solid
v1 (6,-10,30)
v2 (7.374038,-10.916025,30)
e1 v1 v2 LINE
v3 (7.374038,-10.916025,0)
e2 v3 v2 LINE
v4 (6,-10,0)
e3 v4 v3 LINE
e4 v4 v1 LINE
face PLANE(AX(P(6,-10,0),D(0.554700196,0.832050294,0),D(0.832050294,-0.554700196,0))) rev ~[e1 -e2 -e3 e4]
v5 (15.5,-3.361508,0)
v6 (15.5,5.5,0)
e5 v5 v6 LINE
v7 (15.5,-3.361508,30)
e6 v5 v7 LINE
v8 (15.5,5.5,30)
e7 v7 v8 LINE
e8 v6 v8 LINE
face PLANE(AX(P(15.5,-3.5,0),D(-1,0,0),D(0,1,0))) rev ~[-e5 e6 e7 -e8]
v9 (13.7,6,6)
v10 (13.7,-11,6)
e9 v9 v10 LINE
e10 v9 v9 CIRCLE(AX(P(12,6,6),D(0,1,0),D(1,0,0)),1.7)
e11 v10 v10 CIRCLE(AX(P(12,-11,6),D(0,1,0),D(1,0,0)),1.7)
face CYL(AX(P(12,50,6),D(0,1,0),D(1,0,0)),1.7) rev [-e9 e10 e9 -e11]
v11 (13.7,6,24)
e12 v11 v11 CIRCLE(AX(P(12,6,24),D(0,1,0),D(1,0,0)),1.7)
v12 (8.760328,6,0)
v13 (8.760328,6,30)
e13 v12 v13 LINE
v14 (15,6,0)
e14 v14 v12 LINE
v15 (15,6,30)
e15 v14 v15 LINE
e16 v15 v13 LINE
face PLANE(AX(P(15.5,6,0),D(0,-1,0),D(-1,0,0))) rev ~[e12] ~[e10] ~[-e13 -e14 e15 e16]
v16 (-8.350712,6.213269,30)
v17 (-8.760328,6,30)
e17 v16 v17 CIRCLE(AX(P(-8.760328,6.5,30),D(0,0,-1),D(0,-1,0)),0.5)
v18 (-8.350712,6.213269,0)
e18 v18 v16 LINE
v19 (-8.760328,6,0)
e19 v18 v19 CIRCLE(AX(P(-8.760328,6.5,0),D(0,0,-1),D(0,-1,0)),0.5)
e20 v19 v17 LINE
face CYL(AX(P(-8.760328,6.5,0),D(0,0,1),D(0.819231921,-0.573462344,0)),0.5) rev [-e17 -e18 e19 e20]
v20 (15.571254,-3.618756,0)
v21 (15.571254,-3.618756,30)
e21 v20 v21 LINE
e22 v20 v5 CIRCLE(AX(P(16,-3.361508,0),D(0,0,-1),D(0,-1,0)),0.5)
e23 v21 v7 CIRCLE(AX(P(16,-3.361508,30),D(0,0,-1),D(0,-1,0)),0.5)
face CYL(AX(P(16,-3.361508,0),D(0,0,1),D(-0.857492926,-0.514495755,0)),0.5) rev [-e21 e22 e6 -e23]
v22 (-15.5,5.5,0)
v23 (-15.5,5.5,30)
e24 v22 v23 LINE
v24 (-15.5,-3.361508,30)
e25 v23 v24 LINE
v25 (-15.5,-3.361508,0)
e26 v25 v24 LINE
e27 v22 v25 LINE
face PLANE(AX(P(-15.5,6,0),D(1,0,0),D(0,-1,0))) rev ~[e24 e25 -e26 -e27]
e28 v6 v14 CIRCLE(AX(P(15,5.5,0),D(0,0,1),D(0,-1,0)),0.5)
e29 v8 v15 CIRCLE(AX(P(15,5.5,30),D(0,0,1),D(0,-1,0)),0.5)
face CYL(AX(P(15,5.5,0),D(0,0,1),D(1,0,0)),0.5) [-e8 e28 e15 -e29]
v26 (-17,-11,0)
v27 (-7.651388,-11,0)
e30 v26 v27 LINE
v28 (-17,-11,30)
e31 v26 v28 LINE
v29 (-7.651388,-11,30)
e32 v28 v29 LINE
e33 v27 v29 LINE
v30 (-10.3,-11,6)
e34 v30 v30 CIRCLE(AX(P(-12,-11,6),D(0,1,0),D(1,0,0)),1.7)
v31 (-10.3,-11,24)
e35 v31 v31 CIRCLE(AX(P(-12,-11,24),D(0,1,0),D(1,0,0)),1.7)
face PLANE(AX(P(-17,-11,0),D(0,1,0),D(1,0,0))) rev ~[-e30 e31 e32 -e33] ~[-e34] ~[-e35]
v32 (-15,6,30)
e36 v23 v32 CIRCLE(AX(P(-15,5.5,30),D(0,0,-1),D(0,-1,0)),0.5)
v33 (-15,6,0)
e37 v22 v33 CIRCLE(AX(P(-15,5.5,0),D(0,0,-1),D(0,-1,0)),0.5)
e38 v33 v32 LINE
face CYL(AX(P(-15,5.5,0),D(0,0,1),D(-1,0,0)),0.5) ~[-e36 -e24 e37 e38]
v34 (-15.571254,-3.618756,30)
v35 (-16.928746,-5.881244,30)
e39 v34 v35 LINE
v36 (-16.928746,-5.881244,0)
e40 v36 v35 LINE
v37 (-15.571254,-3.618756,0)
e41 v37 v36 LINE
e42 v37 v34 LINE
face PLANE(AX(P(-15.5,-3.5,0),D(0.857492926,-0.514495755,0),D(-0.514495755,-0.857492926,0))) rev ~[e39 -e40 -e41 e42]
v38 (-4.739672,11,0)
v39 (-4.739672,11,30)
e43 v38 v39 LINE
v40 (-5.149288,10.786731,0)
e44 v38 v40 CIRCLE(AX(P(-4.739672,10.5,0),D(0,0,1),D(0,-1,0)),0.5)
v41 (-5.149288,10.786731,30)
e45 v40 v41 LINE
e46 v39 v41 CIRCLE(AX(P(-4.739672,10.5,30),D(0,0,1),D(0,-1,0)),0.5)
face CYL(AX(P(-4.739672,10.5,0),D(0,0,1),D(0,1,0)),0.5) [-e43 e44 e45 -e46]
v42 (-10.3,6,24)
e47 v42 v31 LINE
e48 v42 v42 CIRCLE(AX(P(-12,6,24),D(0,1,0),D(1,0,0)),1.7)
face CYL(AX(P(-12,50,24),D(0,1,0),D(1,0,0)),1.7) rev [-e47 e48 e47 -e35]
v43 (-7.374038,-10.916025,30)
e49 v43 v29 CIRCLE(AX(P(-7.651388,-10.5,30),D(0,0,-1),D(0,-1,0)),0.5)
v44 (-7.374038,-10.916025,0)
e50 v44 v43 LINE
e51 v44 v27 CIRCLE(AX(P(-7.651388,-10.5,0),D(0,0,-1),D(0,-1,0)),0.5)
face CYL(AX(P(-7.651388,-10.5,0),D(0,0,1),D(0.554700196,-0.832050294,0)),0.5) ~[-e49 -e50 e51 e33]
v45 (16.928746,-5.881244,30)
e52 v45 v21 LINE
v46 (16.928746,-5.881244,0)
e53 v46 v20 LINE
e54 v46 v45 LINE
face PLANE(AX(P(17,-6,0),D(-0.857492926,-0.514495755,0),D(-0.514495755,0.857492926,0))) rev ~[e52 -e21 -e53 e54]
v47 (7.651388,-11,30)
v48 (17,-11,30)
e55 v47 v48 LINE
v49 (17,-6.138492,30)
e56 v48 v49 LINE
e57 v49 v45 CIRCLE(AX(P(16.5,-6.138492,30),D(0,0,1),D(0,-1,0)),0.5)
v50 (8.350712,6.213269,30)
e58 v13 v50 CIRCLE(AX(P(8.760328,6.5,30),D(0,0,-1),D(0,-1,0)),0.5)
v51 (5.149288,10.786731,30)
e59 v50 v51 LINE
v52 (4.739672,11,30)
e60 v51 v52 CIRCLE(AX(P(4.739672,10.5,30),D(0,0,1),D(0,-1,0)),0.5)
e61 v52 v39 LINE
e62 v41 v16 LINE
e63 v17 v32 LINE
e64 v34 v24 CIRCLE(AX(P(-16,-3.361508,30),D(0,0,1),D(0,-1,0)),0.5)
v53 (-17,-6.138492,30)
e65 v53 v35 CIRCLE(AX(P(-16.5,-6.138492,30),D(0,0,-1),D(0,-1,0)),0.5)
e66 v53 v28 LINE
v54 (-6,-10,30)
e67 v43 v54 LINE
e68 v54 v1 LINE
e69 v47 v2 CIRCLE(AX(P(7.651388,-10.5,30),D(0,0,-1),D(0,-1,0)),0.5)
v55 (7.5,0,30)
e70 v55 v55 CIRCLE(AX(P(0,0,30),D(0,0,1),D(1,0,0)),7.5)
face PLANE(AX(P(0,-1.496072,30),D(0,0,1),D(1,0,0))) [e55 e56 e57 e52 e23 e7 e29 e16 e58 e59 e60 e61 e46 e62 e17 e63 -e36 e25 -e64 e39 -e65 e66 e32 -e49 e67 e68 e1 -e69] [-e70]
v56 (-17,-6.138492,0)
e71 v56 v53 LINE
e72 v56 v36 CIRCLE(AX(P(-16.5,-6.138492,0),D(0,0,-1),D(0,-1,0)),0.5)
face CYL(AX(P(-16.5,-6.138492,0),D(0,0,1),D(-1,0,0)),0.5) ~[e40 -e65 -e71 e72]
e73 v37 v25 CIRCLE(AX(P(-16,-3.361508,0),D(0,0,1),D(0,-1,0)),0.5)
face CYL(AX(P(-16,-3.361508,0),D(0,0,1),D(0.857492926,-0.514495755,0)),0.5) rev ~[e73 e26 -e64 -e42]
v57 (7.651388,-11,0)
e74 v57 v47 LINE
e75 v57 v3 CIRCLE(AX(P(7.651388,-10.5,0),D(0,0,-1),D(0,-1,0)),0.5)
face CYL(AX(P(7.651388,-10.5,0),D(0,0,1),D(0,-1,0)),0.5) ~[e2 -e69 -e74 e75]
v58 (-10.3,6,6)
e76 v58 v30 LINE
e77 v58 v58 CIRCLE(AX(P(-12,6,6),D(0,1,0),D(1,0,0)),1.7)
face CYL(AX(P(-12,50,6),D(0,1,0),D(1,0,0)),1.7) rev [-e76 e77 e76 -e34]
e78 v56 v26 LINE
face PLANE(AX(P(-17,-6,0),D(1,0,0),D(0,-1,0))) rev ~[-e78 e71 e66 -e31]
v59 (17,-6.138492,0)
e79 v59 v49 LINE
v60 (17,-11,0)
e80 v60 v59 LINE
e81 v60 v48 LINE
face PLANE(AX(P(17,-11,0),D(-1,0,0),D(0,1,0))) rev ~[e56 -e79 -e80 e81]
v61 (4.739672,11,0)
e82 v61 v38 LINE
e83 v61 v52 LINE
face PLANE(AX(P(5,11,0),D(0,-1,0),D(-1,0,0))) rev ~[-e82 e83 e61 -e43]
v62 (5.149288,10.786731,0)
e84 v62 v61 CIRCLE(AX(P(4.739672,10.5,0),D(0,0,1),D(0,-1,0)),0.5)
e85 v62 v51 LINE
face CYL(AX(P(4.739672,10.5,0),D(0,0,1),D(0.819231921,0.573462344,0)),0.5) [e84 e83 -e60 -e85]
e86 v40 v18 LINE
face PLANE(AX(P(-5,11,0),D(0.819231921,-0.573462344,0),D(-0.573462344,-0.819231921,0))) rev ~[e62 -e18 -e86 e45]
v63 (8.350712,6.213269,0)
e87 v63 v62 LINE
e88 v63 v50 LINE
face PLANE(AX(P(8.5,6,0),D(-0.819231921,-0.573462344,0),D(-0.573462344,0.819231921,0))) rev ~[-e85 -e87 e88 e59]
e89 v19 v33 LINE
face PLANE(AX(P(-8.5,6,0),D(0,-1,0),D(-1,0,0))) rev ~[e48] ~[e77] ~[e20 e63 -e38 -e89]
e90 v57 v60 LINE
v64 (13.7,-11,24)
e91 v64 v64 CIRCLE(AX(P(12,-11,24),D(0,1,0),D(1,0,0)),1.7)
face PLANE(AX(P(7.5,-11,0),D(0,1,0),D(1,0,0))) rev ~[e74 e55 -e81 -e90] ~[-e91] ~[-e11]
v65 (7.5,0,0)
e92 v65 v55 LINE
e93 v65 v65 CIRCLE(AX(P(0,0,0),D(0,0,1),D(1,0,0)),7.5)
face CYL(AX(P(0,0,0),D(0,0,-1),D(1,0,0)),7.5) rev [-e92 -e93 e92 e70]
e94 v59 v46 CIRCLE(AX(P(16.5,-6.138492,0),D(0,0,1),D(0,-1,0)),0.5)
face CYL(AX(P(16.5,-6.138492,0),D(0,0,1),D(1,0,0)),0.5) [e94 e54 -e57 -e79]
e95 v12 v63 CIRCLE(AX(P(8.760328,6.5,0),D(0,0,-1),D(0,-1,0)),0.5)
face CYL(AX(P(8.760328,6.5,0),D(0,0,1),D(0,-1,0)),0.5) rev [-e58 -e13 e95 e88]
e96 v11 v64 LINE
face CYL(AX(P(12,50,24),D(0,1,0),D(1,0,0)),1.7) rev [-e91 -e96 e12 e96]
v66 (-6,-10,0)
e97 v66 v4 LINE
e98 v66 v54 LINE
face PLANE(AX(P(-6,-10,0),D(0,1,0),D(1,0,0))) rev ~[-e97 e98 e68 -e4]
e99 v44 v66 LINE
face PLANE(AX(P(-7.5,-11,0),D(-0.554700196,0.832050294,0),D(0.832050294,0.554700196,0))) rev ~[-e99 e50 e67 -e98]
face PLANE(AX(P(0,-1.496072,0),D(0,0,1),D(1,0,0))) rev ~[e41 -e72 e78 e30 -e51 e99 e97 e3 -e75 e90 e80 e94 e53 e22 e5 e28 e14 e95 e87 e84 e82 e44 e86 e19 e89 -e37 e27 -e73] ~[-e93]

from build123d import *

# Parameters (mm, degrees)
SKETCH_R     = 7.5
PAD_DEPTH    = 30
SKETCH001_R  = 1.7
POCKET_DEPTH = 61.001
FILLET_R     = 0.5


with BuildPart() as part:
    # Sketch → Pad (new body)
    with BuildSketch(Plane.XY):
        Polygon((7.5, -11), (17, -11), (17, -6), (15.5, -3.5), (15.5, 6), (8.5, 6), (5, 11), (0, 11), (-5, 11), (-8.5, 6), (-15.5, 6), (-15.5, -3.5), (-17, -6), (-17, -11), (-7.5, -11), (-6, -10), (0, -10), (6, -10), align=None)
        Circle(SKETCH_R, mode=Mode.SUBTRACT)
    extrude(amount=PAD_DEPTH)

    # Sketch001 → Pocket (cut, through all)
    with BuildSketch(Plane.XZ.offset(-50)):
        with Locations((-12, 24)):
            Circle(SKETCH001_R)
        with Locations((12, 24)):
            Circle(SKETCH001_R)
        with Locations((-12, 6)):
            Circle(SKETCH001_R)
        with Locations((12, 6)):
            Circle(SKETCH001_R)
    extrude(amount=POCKET_DEPTH, mode=Mode.SUBTRACT)

    # Fillet
    fillet_edges = [part.edges().sort_by_distance(p)[0] for p in [
        (-5, 11, 15),
        (5, 11, 15),
        (-15.5, 6, 15),
        (-17, -6, 15),
        (15.5, 6, 15),
        (17, -6, 15),
        (-7.5, -11, 15),
        (7.5, -11, 15),
        (-8.5, 6, 15),
        (8.5, 6, 15),
        (-15.5, -3.5, 15),
        (15.5, -3.5, 15),
    ]]
    fillet(fillet_edges, radius=FILLET_R)


solid = part.part
